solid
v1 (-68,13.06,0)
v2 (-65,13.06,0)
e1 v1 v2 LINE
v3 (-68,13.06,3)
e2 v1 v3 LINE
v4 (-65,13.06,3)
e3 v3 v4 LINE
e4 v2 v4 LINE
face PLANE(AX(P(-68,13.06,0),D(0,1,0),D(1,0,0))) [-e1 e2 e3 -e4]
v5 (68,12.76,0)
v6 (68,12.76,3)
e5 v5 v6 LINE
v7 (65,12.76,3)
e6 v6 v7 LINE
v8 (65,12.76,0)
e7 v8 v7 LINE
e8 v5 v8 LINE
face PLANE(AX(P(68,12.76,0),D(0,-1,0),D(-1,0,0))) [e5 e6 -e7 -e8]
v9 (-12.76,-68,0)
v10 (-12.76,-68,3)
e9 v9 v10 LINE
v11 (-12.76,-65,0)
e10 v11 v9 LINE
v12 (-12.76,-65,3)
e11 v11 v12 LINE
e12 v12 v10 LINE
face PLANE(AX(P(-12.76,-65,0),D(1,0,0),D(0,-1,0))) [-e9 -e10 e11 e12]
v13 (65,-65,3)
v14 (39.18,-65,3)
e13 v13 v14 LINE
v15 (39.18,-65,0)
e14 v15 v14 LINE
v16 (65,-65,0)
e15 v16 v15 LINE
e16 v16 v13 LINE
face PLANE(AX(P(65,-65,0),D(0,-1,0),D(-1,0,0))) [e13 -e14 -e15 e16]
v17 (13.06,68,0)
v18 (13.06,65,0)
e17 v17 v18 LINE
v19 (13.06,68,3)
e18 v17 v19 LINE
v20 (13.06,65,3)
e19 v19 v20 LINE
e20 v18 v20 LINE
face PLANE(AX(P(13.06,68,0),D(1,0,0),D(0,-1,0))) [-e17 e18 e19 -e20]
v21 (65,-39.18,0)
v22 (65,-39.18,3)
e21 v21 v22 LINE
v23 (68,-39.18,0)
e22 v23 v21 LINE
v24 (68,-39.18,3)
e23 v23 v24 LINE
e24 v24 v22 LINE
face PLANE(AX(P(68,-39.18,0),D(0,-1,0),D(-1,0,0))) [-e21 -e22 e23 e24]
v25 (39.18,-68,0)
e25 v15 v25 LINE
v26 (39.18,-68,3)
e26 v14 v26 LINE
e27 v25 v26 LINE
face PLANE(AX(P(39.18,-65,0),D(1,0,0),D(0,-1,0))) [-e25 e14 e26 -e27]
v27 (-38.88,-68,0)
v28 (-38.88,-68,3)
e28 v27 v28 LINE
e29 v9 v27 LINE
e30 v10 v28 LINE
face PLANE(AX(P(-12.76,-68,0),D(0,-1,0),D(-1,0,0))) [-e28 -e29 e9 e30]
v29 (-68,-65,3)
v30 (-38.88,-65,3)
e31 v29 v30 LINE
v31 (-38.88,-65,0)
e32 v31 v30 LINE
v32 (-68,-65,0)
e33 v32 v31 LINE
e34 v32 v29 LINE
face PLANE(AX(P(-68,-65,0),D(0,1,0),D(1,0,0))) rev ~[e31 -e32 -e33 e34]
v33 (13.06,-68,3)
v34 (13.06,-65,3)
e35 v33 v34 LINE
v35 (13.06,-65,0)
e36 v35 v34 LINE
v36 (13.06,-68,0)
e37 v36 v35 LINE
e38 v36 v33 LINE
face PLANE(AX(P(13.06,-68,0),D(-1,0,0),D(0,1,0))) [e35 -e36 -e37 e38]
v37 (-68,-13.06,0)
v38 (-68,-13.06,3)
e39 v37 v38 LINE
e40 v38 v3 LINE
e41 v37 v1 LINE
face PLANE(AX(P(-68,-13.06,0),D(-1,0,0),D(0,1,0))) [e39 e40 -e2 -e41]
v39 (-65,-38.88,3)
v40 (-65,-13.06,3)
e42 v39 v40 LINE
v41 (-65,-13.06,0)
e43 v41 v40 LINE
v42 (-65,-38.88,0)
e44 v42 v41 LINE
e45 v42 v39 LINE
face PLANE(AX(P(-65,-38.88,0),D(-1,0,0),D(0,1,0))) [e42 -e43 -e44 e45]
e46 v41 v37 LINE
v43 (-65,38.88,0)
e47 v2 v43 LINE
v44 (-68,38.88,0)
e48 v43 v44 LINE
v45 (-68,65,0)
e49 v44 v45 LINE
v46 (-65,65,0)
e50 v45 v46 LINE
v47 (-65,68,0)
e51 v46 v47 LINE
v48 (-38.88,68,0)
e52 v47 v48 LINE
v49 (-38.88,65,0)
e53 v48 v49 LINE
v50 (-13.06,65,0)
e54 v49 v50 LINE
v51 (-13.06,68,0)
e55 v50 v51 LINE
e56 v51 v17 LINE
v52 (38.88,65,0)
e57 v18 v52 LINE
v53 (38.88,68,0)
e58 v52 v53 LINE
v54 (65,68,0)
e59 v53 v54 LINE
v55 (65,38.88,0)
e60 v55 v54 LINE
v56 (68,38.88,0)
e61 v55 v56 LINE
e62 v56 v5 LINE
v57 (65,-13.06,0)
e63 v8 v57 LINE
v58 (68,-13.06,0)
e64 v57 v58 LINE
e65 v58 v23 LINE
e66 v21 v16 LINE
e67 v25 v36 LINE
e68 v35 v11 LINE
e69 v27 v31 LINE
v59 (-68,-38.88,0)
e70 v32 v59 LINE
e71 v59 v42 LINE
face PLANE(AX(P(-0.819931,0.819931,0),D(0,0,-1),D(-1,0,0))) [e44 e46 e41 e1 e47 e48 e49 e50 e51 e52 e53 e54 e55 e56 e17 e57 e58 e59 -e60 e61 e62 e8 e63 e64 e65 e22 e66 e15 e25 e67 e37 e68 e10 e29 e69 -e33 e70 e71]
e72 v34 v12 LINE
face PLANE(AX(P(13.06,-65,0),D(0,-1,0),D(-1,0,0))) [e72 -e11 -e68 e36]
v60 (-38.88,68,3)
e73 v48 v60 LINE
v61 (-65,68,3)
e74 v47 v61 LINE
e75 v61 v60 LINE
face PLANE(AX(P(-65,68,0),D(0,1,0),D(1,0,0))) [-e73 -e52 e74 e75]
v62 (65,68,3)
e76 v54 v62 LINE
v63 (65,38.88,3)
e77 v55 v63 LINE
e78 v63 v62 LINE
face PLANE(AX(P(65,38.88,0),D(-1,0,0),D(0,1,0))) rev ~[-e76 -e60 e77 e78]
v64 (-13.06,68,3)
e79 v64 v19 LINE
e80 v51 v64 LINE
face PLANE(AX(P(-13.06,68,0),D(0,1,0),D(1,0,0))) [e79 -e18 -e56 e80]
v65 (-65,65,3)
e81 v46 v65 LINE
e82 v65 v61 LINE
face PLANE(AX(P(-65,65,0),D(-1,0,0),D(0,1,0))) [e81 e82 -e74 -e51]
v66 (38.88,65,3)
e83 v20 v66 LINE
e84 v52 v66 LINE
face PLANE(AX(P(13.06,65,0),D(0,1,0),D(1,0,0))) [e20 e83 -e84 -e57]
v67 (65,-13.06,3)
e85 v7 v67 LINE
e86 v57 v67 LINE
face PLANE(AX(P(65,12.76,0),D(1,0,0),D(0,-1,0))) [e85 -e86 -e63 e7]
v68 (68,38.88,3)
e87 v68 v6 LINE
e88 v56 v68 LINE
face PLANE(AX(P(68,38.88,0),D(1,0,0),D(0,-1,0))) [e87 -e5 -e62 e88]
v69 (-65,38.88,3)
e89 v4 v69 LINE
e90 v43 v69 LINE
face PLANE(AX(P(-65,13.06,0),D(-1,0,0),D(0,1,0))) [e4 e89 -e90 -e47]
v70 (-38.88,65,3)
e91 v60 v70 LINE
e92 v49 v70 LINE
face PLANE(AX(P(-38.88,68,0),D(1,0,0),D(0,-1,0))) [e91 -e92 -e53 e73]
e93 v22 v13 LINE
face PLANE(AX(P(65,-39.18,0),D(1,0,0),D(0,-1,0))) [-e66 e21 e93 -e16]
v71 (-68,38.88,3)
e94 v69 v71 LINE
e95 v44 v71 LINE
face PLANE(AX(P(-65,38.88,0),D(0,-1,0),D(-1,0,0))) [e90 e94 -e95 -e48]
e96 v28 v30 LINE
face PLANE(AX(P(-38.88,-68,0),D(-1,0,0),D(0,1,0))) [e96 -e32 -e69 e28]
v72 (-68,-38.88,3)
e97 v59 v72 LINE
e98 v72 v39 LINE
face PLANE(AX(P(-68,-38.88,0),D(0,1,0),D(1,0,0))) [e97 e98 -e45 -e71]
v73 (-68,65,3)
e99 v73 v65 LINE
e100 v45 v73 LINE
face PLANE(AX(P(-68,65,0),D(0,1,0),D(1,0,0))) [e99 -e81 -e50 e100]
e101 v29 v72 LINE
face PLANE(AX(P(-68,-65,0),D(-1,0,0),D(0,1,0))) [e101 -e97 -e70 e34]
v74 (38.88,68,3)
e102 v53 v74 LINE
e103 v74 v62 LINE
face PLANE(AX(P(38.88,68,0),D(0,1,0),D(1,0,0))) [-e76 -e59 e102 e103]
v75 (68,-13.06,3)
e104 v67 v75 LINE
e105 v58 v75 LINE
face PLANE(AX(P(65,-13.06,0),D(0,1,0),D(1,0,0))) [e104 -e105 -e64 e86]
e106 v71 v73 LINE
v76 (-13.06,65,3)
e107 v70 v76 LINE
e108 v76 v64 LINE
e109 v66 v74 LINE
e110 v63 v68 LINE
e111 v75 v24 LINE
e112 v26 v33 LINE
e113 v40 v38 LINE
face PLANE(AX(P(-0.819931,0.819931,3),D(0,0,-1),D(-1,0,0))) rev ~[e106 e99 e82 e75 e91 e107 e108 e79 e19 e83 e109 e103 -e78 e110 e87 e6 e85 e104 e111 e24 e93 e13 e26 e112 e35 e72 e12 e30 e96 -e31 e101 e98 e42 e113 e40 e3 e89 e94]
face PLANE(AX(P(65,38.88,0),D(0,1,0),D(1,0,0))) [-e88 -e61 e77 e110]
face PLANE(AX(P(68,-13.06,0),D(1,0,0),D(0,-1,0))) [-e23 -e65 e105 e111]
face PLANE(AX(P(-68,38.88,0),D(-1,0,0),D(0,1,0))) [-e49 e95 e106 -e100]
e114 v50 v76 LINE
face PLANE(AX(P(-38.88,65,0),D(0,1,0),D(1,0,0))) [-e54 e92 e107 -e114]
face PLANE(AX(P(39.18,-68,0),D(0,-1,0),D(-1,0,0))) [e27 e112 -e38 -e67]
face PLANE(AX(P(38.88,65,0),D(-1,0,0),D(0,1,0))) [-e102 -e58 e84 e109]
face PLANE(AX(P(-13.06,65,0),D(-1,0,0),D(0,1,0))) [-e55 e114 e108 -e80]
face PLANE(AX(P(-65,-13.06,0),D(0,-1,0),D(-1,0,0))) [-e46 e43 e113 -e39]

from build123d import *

# Parameters (mm, degrees)
BOSS_EXTRUDE1_DEPTH = 3


with BuildPart() as part:
    # Sketch2 → Boss-Extrude1 (new body)
    with BuildSketch(Plane.XY):
        Polygon((65, 38.88), (68, 38.88), (68, 12.76), (65, 12.76), (65, -13.06), (68, -13.06), (68, -39.18), (65, -39.18), (65, -65), (39.18, -65), (39.18, -68), (13.06, -68), (13.06, -65), (-12.76, -65), (-12.76, -68), (-38.88, -68), (-38.88, -65), (-64.7, -65), (-68, -65), (-68, -38.88), (-65, -38.88), (-65, -13.06), (-68, -13.06), (-68, 13.06), (-65, 13.06), (-65, 38.88), (-68, 38.88), (-68, 65), (-65, 65), (-65, 68), (-38.88, 68), (-38.88, 65), (-13.06, 65), (-13.06, 68), (13.06, 68), (13.06, 65), (38.88, 65), (38.88, 68), (65, 68), (65, 64.7), align=None)
    extrude(amount=BOSS_EXTRUDE1_DEPTH)


solid = part.part
